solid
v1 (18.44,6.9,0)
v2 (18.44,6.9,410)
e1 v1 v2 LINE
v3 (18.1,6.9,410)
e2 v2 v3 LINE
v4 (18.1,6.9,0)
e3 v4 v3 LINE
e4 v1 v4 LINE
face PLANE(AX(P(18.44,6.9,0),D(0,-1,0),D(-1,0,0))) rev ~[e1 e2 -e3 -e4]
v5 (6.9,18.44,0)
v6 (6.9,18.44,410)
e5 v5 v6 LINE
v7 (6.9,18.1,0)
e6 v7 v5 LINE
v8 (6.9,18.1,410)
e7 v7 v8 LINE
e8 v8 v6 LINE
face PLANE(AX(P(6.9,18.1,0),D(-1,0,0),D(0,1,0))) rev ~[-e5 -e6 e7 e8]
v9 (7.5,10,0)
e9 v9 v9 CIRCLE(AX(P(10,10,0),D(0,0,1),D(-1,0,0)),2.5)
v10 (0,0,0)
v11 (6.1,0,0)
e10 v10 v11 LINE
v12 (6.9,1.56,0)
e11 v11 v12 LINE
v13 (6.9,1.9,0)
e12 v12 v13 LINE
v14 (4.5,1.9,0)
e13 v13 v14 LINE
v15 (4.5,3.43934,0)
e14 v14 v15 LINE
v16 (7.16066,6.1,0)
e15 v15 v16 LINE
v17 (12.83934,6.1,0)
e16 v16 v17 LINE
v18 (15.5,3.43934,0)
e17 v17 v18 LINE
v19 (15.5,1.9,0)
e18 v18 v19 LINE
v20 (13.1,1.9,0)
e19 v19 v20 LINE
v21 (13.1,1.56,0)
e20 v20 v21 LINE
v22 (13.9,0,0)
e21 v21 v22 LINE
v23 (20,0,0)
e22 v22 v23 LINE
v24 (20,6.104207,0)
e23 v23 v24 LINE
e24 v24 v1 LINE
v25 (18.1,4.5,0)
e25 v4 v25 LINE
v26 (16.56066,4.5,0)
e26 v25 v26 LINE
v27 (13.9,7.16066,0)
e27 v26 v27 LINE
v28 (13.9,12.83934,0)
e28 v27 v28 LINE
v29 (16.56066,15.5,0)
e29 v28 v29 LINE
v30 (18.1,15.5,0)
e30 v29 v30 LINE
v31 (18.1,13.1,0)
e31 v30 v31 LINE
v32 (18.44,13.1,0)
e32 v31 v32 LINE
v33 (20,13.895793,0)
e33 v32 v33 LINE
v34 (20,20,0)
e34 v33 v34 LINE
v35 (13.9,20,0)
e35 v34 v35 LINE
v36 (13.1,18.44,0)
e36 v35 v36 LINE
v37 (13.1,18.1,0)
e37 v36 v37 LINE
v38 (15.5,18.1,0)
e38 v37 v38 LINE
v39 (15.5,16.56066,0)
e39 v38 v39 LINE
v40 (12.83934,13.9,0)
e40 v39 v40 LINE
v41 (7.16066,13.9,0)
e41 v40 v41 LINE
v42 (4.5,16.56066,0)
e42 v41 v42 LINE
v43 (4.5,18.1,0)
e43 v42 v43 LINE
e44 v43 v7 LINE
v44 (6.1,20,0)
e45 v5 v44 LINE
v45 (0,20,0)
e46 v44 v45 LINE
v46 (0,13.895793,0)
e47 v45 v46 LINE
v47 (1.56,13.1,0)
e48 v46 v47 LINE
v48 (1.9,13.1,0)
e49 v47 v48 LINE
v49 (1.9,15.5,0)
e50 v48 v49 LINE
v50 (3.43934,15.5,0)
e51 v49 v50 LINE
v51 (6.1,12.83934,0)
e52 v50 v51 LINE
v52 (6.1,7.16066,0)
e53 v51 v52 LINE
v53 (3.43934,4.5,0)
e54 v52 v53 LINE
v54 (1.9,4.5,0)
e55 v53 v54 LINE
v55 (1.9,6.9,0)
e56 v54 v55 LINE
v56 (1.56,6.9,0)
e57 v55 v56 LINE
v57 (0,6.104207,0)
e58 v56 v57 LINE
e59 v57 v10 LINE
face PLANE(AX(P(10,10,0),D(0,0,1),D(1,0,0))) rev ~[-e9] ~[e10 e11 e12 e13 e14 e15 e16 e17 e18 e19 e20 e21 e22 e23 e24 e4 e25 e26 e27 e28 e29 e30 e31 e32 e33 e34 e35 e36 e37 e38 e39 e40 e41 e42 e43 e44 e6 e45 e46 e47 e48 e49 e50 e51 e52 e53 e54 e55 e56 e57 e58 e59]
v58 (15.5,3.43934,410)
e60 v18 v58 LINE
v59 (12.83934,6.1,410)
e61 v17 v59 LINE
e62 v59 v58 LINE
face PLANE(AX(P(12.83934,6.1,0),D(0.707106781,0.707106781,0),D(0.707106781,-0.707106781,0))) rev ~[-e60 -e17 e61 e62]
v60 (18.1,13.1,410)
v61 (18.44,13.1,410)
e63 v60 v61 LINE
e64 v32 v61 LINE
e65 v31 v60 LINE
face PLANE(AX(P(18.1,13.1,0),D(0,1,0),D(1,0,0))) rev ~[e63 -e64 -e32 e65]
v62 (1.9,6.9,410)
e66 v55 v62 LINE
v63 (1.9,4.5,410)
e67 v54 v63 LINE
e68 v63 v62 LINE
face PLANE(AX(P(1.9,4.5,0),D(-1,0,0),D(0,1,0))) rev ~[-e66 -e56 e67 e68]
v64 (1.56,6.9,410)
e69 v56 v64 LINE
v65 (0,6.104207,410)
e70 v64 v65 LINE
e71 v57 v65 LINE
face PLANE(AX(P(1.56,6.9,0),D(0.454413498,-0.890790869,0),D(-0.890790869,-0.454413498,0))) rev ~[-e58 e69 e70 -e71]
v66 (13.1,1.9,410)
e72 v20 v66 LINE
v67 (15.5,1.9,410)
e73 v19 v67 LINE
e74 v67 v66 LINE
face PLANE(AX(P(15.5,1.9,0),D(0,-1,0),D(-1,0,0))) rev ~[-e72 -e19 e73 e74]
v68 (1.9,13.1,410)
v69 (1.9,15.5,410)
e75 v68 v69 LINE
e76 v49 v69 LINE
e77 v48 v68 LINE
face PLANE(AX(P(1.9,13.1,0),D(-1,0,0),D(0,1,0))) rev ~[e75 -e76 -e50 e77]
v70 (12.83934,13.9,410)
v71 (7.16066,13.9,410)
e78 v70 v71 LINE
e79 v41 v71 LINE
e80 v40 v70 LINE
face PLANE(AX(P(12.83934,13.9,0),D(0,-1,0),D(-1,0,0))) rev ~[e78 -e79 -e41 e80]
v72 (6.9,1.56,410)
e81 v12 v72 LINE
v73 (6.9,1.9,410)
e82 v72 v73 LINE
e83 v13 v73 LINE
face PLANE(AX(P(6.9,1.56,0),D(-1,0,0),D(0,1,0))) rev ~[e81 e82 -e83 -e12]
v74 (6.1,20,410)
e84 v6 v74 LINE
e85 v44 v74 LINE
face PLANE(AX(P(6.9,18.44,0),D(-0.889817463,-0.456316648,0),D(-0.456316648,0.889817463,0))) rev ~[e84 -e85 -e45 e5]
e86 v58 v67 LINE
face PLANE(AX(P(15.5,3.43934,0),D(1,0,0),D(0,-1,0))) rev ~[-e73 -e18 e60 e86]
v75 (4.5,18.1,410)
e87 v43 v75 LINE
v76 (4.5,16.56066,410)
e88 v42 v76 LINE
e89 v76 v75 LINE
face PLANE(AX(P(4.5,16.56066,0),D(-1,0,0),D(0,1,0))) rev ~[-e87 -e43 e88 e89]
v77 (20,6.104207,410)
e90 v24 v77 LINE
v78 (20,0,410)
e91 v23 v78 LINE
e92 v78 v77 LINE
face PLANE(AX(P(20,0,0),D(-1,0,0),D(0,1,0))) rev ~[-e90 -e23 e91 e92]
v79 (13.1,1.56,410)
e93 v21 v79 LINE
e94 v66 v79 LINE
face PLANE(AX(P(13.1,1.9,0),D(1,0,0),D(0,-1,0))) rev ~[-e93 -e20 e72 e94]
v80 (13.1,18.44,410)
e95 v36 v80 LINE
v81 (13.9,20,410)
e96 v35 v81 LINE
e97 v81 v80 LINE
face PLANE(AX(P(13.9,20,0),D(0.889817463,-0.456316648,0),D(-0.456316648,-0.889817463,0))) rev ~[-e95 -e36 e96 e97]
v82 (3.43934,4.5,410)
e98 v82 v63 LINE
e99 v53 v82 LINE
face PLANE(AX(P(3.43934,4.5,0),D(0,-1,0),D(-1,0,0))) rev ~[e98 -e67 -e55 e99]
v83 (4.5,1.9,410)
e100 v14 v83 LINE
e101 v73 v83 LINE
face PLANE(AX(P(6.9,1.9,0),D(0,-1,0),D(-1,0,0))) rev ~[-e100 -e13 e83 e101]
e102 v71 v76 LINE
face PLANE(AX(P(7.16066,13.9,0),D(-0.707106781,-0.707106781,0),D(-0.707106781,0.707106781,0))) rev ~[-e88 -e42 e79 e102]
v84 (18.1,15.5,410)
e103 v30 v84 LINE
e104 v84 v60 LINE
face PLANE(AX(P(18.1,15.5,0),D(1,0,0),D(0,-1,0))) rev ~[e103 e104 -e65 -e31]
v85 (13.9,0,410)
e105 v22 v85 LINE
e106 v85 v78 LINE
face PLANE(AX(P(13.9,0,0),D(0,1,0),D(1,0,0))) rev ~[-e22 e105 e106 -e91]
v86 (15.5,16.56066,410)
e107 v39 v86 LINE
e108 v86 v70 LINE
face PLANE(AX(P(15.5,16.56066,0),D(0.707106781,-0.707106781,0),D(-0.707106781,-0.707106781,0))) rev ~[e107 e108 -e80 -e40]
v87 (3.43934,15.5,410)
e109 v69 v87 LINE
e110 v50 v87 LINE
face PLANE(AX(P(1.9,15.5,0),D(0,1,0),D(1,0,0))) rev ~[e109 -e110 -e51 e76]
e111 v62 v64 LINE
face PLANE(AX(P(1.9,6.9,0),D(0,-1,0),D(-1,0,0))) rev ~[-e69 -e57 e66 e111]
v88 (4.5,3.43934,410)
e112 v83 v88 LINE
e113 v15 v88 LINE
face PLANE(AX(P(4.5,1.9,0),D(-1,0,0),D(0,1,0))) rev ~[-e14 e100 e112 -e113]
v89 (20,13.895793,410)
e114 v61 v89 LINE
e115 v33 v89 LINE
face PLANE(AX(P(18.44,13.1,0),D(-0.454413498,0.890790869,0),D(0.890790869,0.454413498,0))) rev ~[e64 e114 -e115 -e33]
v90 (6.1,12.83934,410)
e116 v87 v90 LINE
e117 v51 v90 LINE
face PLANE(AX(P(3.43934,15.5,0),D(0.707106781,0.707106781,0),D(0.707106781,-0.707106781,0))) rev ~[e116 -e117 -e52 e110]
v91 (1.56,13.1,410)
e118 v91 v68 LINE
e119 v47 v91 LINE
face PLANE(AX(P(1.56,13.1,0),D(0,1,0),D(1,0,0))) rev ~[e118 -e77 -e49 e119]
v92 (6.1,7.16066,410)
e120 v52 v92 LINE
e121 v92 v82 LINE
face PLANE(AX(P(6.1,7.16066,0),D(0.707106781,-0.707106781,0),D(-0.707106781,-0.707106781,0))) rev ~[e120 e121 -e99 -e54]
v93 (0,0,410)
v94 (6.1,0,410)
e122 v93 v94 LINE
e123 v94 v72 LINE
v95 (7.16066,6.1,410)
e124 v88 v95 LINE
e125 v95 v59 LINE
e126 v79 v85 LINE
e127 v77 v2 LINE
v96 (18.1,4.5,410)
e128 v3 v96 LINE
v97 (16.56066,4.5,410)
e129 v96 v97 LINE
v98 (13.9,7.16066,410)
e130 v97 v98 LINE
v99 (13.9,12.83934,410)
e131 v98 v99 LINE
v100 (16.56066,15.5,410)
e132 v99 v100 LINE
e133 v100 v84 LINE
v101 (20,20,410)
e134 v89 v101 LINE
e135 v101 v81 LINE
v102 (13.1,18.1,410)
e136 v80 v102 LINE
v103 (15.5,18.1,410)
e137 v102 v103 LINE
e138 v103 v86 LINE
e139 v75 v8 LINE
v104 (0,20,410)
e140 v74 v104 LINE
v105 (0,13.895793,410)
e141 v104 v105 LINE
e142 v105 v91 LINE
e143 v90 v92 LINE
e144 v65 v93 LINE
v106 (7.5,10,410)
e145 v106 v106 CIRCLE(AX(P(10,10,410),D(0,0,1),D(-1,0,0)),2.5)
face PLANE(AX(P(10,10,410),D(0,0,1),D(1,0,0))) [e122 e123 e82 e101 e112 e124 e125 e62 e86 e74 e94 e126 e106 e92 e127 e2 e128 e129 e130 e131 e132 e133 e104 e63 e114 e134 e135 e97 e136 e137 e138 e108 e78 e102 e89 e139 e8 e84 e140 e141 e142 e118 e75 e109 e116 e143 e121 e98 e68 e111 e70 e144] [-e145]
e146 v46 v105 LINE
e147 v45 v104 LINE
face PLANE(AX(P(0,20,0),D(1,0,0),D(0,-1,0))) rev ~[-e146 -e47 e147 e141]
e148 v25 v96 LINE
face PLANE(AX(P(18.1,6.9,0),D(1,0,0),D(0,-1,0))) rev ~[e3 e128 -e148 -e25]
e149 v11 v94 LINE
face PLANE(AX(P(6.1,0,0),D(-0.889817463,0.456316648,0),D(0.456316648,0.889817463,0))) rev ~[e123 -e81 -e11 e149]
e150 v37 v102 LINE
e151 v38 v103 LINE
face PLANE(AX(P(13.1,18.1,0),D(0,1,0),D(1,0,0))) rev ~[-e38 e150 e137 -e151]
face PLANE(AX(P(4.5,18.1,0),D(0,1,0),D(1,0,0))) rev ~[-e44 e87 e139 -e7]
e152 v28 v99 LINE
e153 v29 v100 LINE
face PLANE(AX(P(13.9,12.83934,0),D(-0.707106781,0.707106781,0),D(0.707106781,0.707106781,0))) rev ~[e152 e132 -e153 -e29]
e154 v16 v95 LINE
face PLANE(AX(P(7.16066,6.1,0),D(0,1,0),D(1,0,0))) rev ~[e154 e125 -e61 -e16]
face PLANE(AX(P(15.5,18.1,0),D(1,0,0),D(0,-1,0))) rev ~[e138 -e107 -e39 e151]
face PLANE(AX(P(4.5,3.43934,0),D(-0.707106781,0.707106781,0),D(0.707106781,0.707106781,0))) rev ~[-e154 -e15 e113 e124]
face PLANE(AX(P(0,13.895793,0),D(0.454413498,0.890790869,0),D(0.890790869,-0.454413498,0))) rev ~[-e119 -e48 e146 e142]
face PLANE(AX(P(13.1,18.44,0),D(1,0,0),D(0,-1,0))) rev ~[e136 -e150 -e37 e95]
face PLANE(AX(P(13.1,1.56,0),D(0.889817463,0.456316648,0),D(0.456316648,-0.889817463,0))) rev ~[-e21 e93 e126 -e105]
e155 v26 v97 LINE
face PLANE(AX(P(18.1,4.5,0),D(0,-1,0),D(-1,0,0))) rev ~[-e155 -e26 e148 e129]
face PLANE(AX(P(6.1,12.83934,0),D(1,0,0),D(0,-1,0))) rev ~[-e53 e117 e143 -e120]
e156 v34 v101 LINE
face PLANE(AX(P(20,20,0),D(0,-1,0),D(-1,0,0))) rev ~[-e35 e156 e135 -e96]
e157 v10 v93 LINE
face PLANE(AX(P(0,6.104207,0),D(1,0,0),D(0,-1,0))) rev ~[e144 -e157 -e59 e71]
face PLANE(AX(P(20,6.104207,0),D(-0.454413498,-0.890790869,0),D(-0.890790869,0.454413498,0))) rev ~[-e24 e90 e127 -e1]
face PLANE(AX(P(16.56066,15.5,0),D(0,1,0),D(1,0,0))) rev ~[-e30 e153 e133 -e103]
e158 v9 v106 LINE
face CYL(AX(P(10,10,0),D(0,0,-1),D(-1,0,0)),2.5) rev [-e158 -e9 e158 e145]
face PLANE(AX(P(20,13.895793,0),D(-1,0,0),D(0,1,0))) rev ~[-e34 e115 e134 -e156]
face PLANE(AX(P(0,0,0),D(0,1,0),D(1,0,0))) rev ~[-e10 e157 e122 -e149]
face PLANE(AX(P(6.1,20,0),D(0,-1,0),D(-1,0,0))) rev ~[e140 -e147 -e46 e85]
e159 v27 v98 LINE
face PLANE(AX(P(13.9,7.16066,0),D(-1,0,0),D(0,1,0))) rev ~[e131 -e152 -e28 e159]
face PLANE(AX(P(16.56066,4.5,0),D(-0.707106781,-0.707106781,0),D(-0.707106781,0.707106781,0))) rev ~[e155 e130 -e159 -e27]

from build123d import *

# Parameters (mm, degrees)
SKETCH1_R           = 2.5
BOSS_EXTRUDE1_DEPTH = 410


with BuildPart() as part:
    # Sketch1 → Boss-Extrude1 (new body)
    with BuildSketch(Plane.XY):
        Polygon((6.1, 20), (0, 20), (0, 13.895792909), (1.56, 13.1), (1.9, 13.1), (1.9, 15.5), (3.439339828, 15.5), (6.1, 12.839339828), (6.1, 7.160660172), (3.439339828, 4.5), (1.9, 4.5), (1.9, 6.9), (1.56, 6.9), (0, 6.104207091), (0, 0), (6.1, 0), (6.9, 1.56), (6.9, 1.9), (4.5, 1.9), (4.5, 3.439339828), (7.160660172, 6.1), (12.839339828, 6.1), (15.5, 3.439339828), (15.5, 1.9), (13.1, 1.9), (13.1, 1.56), (13.9, 0), (20, 0), (20, 6.104207091), (18.44, 6.9), (18.1, 6.9), (18.1, 4.5), (16.560660172, 4.5), (13.9, 7.160660172), (13.9, 12.839339828), (16.560660172, 15.5), (18.1, 15.5), (18.1, 13.1), (18.44, 13.1), (20, 13.895792909), (20, 20), (13.9, 20), (13.1, 18.44), (13.1, 18.1), (15.5, 18.1), (15.5, 16.560660172), (12.839339828, 13.9), (7.160660172, 13.9), (4.5, 16.560660172), (4.5, 18.1), (6.9, 18.1), (6.9, 18.44), align=None)
        with Locations(Location((10, 10, 0), (0, 0, 180))):
            Circle(SKETCH1_R, mode=Mode.SUBTRACT)
    extrude(amount=BOSS_EXTRUDE1_DEPTH)


solid = part.part
